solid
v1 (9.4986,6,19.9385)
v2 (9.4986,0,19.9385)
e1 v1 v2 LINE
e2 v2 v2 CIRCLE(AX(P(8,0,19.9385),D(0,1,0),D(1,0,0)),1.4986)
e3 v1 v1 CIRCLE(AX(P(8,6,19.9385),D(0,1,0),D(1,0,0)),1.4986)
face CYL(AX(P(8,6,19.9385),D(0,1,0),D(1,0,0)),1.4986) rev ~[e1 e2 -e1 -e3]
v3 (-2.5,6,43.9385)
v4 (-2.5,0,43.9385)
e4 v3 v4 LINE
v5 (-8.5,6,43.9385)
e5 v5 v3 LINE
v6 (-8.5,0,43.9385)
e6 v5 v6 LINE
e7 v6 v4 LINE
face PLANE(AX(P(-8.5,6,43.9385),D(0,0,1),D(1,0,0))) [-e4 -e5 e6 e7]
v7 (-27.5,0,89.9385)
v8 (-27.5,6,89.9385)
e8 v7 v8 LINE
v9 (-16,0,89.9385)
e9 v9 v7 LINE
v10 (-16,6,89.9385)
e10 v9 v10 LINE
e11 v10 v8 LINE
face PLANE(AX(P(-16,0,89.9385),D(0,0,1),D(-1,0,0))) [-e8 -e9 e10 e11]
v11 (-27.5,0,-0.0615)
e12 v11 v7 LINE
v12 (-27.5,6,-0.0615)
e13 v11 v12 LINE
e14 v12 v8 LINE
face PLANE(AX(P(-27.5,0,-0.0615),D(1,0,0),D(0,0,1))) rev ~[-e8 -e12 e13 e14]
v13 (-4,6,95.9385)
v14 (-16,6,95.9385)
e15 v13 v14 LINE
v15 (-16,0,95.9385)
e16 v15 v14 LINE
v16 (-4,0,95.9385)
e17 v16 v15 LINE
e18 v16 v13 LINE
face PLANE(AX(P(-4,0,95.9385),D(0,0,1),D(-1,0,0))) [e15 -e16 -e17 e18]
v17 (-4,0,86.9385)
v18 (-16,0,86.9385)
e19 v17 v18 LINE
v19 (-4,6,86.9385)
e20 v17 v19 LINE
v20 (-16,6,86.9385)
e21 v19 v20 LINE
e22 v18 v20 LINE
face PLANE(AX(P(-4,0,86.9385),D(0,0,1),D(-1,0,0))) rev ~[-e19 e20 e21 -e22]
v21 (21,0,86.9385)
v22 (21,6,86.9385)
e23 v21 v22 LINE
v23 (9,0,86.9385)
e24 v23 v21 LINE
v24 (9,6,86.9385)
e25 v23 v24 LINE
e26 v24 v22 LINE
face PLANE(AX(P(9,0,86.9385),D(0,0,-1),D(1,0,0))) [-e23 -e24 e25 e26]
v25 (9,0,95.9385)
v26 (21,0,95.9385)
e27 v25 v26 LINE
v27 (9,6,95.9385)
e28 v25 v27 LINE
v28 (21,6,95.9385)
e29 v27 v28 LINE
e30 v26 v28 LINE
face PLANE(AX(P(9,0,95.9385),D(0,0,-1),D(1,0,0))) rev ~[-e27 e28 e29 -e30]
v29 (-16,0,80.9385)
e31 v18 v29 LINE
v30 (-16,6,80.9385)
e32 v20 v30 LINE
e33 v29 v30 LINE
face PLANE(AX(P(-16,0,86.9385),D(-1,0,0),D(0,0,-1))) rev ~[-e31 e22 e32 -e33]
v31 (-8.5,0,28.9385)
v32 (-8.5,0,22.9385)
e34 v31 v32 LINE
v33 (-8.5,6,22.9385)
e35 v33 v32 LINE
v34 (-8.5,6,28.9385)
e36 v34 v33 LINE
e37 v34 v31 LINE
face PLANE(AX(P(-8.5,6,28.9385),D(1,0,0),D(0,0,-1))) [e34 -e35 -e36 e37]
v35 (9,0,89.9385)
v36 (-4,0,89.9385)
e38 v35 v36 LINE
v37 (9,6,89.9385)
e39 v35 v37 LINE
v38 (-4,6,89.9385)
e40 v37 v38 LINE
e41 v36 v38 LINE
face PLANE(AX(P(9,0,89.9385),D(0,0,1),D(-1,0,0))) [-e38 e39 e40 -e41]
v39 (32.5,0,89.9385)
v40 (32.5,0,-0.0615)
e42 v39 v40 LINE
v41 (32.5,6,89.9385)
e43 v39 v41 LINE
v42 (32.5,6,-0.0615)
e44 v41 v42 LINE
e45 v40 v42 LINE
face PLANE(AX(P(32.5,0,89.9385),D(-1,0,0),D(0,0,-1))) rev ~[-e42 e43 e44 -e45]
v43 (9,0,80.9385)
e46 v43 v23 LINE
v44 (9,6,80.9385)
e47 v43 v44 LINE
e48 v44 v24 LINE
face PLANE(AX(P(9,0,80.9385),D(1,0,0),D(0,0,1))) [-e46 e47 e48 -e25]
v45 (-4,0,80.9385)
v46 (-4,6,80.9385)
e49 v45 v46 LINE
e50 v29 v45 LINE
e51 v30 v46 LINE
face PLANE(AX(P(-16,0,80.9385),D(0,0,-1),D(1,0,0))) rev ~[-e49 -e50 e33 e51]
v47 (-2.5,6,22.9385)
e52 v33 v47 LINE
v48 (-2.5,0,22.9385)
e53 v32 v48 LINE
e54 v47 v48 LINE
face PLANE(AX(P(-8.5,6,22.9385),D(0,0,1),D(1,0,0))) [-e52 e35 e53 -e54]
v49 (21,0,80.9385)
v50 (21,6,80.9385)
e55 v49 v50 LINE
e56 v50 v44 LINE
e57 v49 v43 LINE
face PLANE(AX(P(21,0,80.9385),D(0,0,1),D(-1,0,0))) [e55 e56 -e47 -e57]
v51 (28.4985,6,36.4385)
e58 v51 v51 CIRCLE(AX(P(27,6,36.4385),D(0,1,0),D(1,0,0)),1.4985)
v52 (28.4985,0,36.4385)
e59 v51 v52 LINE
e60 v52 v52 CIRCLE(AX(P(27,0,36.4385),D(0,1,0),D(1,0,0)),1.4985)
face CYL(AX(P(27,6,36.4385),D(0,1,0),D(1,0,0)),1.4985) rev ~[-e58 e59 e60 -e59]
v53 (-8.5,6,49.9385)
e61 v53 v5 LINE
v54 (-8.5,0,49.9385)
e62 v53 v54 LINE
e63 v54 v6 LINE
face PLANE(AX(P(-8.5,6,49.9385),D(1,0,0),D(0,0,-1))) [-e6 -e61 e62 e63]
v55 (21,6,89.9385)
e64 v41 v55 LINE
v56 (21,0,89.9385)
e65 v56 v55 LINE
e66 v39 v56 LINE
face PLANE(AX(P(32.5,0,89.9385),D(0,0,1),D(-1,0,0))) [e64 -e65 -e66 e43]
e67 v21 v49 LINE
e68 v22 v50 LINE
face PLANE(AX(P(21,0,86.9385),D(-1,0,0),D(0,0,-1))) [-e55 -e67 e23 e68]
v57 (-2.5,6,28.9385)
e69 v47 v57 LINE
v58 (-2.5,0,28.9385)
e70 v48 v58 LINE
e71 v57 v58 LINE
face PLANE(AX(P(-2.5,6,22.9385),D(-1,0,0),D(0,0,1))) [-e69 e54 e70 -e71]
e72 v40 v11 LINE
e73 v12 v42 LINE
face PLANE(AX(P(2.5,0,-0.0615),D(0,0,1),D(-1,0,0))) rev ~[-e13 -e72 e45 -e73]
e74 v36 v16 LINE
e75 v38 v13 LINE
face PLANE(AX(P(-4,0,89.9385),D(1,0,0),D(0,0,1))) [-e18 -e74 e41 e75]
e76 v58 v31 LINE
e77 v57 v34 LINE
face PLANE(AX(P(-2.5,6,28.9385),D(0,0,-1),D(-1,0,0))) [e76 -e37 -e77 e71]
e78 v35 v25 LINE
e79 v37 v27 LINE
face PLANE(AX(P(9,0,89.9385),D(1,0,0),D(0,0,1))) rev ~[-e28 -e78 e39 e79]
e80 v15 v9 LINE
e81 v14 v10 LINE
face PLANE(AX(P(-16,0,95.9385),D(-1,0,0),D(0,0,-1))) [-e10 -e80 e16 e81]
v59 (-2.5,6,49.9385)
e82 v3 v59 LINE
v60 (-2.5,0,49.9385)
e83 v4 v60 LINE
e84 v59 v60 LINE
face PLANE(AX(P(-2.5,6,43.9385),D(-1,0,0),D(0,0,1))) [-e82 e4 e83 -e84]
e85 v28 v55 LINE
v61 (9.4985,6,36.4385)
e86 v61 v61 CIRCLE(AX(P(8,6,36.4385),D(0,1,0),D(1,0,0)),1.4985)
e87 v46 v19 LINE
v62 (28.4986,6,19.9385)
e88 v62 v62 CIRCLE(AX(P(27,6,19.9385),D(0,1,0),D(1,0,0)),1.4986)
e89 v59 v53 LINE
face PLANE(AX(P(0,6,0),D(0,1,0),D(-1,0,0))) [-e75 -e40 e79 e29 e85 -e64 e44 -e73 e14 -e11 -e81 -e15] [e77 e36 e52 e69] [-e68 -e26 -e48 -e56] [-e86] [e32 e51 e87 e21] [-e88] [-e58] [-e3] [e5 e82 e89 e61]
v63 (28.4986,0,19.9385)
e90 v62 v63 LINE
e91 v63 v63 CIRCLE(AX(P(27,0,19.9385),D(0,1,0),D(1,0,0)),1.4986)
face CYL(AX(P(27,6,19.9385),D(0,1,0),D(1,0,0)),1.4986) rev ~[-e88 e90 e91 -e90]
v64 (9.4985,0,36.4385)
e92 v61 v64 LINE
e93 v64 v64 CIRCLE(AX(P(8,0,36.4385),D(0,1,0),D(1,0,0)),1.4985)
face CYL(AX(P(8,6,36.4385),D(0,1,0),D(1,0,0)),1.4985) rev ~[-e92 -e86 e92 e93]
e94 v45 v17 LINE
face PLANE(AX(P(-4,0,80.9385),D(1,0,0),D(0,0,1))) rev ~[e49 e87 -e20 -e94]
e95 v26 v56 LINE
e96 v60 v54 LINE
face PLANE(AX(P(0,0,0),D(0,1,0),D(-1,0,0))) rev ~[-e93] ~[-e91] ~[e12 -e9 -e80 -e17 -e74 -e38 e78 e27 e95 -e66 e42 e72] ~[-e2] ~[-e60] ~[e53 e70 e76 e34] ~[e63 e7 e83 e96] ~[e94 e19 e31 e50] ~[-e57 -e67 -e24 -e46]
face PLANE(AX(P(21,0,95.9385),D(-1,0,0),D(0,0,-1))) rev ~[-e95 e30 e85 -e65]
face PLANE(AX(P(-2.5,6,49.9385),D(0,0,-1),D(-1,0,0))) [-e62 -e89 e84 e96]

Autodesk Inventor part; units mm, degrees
ref_plane "YZ Plane" through (0, 0, 0) normal (1, 0, 0) x (0, 1, 0)
ref_plane "XZ Plane" through (0, 0, 0) normal (0, 1, 0) x (-1, 0, 0)
ref_plane "XY Plane" through (0, 0, 0) normal (0, 0, 1) x (1, 0, 0)
sketch "Sketch1" plane through (0, 0, 0) normal (0, 1, 0) x (-1, 0, 0)
  line L0 (27.5, -0.0615) -> (27.5, 89.9385)
  line L1 (-32.5, 89.9385) -> (-32.5, -0.0615)
  line L2 (-32.5, -0.0615) -> (-2.5, -0.0615)
  line L3 (-2.5, -0.0615) -> (-2.5, 89.9385) construction
  line L4 (-32.5, 44.9385) -> (-2.5, 44.9385) construction
  line L5 (-32.5, 89.9385) -> (27.5, 89.9385)
  line L6 (-21, 89.9385) -> (-9, 89.9385)
  line L7 (-9, 89.9385) -> (-9, 95.9385)
  line L8 (-9, 95.9385) -> (-21, 95.9385)
  line L9 (-21, 95.9385) -> (-21, 89.9385)
  line L10 (16, 89.9385) -> (4, 89.9385)
  line L11 (4, 89.9385) -> (4, 95.9385)
  line L12 (4, 95.9385) -> (16, 95.9385)
  line L13 (16, 95.9385) -> (16, 89.9385)
  line L14 (-2.5, 44.9385) -> (27.5, 44.9385) construction
  line L15 (-2.5, -0.0615) -> (27.5, -0.0615)
  line L16 (-9, 86.9385) -> (-21, 86.9385)
  line L17 (-21, 86.9385) -> (-21, 80.9385)
  line L18 (-21, 80.9385) -> (-9, 80.9385)
  line L19 (-9, 80.9385) -> (-9, 86.9385)
  line L20 (-9, 86.9385) -> (-21, 80.9385) construction
  line L21 (-21, 86.9385) -> (-9, 80.9385) construction
  line L22 (4, 86.9385) -> (16, 86.9385)
  line L23 (16, 86.9385) -> (16, 80.9385)
  line L24 (16, 80.9385) -> (4, 80.9385)
  line L25 (4, 80.9385) -> (4, 86.9385)
  line L26 (4, 86.9385) -> (16, 80.9385) construction
  line L27 (16, 86.9385) -> (4, 80.9385) construction
  point P0 (-15, 83.9385)
  point P1 (10, 83.9385)
  dimension "d0" = 60
  dimension "d1" = 90
  dimension "d18" = 12
  dimension "d19" = 6
  dimension "d20" = 18.5
  dimension "d21" = 12
  dimension "d22" = 6
  dimension "d23" = 3
extrude "Extrusion1" add sketch "Sketch1" along normal blind 6
sketch "Sketch2" plane through (0, 6, 0) normal (0, 1, 0) x (1, 0, 0)
  circle A0 centre (8, -19.9385) radius 1.4986
  circle A1 centre (27, -19.9385) radius 1.4986
  circle A2 centre (27, -36.4385) radius 1.4985
  circle A3 centre (8, -36.4385) radius 1.4985
  line L0 (27, -36.4385) -> (8, -36.4385) construction
  line L1 (8, -36.4385) -> (8, -19.9385) construction
  line L2 (8, -19.9385) -> (27, -19.9385) construction
  line L3 (27, -19.9385) -> (27, -36.4385) construction
  line L4 (27, -36.4385) -> (8, -19.9385) construction
  line L5 (27, -19.9385) -> (8, -36.4385) construction
  line L6 (32.5, 0.0615) -> (-27.5, 0.0615) construction
  line L7 (2.5, 0.0615) -> (2.5, -89.9385) construction
  line L8 (-4, -89.9385) -> (9, -89.9385) construction
  line L9 (-2.5, -49.9385) -> (-8.5, -49.9385)
  line L10 (-8.5, -49.9385) -> (-8.5, -43.9385)
  line L11 (-8.5, -43.9385) -> (-2.5, -43.9385)
  line L12 (-2.5, -43.9385) -> (-2.5, -49.9385)
  line L13 (-2.5, -28.9385) -> (-8.5, -28.9385)
  line L14 (-8.5, -28.9385) -> (-8.5, -22.9385)
  line L15 (-8.5, -22.9385) -> (-2.5, -22.9385)
  line L16 (-2.5, -22.9385) -> (-2.5, -28.9385)
  point P0 (0, 0)
  point P1 (17.5, -28.1885)
  dimension "d26" = 2.9972
  dimension "d28" = 2.9972
  dimension "d29" = 19
  dimension "d30" = 2.997
  dimension "d31" = 2.997
  dimension "d32" = 16.5
  dimension "d33" = 15
  dimension "d36" = 20
  dimension "d37" = 6
  dimension "d38" = 6
  dimension "d39" = 6
  dimension "d40" = 5
  dimension "d41" = 40
  dimension "d42" = 15
extrude "Extrusion2" cut sketch "Sketch2" against normal through all
properties part number "thumper-bumper-sidewall-v2"
